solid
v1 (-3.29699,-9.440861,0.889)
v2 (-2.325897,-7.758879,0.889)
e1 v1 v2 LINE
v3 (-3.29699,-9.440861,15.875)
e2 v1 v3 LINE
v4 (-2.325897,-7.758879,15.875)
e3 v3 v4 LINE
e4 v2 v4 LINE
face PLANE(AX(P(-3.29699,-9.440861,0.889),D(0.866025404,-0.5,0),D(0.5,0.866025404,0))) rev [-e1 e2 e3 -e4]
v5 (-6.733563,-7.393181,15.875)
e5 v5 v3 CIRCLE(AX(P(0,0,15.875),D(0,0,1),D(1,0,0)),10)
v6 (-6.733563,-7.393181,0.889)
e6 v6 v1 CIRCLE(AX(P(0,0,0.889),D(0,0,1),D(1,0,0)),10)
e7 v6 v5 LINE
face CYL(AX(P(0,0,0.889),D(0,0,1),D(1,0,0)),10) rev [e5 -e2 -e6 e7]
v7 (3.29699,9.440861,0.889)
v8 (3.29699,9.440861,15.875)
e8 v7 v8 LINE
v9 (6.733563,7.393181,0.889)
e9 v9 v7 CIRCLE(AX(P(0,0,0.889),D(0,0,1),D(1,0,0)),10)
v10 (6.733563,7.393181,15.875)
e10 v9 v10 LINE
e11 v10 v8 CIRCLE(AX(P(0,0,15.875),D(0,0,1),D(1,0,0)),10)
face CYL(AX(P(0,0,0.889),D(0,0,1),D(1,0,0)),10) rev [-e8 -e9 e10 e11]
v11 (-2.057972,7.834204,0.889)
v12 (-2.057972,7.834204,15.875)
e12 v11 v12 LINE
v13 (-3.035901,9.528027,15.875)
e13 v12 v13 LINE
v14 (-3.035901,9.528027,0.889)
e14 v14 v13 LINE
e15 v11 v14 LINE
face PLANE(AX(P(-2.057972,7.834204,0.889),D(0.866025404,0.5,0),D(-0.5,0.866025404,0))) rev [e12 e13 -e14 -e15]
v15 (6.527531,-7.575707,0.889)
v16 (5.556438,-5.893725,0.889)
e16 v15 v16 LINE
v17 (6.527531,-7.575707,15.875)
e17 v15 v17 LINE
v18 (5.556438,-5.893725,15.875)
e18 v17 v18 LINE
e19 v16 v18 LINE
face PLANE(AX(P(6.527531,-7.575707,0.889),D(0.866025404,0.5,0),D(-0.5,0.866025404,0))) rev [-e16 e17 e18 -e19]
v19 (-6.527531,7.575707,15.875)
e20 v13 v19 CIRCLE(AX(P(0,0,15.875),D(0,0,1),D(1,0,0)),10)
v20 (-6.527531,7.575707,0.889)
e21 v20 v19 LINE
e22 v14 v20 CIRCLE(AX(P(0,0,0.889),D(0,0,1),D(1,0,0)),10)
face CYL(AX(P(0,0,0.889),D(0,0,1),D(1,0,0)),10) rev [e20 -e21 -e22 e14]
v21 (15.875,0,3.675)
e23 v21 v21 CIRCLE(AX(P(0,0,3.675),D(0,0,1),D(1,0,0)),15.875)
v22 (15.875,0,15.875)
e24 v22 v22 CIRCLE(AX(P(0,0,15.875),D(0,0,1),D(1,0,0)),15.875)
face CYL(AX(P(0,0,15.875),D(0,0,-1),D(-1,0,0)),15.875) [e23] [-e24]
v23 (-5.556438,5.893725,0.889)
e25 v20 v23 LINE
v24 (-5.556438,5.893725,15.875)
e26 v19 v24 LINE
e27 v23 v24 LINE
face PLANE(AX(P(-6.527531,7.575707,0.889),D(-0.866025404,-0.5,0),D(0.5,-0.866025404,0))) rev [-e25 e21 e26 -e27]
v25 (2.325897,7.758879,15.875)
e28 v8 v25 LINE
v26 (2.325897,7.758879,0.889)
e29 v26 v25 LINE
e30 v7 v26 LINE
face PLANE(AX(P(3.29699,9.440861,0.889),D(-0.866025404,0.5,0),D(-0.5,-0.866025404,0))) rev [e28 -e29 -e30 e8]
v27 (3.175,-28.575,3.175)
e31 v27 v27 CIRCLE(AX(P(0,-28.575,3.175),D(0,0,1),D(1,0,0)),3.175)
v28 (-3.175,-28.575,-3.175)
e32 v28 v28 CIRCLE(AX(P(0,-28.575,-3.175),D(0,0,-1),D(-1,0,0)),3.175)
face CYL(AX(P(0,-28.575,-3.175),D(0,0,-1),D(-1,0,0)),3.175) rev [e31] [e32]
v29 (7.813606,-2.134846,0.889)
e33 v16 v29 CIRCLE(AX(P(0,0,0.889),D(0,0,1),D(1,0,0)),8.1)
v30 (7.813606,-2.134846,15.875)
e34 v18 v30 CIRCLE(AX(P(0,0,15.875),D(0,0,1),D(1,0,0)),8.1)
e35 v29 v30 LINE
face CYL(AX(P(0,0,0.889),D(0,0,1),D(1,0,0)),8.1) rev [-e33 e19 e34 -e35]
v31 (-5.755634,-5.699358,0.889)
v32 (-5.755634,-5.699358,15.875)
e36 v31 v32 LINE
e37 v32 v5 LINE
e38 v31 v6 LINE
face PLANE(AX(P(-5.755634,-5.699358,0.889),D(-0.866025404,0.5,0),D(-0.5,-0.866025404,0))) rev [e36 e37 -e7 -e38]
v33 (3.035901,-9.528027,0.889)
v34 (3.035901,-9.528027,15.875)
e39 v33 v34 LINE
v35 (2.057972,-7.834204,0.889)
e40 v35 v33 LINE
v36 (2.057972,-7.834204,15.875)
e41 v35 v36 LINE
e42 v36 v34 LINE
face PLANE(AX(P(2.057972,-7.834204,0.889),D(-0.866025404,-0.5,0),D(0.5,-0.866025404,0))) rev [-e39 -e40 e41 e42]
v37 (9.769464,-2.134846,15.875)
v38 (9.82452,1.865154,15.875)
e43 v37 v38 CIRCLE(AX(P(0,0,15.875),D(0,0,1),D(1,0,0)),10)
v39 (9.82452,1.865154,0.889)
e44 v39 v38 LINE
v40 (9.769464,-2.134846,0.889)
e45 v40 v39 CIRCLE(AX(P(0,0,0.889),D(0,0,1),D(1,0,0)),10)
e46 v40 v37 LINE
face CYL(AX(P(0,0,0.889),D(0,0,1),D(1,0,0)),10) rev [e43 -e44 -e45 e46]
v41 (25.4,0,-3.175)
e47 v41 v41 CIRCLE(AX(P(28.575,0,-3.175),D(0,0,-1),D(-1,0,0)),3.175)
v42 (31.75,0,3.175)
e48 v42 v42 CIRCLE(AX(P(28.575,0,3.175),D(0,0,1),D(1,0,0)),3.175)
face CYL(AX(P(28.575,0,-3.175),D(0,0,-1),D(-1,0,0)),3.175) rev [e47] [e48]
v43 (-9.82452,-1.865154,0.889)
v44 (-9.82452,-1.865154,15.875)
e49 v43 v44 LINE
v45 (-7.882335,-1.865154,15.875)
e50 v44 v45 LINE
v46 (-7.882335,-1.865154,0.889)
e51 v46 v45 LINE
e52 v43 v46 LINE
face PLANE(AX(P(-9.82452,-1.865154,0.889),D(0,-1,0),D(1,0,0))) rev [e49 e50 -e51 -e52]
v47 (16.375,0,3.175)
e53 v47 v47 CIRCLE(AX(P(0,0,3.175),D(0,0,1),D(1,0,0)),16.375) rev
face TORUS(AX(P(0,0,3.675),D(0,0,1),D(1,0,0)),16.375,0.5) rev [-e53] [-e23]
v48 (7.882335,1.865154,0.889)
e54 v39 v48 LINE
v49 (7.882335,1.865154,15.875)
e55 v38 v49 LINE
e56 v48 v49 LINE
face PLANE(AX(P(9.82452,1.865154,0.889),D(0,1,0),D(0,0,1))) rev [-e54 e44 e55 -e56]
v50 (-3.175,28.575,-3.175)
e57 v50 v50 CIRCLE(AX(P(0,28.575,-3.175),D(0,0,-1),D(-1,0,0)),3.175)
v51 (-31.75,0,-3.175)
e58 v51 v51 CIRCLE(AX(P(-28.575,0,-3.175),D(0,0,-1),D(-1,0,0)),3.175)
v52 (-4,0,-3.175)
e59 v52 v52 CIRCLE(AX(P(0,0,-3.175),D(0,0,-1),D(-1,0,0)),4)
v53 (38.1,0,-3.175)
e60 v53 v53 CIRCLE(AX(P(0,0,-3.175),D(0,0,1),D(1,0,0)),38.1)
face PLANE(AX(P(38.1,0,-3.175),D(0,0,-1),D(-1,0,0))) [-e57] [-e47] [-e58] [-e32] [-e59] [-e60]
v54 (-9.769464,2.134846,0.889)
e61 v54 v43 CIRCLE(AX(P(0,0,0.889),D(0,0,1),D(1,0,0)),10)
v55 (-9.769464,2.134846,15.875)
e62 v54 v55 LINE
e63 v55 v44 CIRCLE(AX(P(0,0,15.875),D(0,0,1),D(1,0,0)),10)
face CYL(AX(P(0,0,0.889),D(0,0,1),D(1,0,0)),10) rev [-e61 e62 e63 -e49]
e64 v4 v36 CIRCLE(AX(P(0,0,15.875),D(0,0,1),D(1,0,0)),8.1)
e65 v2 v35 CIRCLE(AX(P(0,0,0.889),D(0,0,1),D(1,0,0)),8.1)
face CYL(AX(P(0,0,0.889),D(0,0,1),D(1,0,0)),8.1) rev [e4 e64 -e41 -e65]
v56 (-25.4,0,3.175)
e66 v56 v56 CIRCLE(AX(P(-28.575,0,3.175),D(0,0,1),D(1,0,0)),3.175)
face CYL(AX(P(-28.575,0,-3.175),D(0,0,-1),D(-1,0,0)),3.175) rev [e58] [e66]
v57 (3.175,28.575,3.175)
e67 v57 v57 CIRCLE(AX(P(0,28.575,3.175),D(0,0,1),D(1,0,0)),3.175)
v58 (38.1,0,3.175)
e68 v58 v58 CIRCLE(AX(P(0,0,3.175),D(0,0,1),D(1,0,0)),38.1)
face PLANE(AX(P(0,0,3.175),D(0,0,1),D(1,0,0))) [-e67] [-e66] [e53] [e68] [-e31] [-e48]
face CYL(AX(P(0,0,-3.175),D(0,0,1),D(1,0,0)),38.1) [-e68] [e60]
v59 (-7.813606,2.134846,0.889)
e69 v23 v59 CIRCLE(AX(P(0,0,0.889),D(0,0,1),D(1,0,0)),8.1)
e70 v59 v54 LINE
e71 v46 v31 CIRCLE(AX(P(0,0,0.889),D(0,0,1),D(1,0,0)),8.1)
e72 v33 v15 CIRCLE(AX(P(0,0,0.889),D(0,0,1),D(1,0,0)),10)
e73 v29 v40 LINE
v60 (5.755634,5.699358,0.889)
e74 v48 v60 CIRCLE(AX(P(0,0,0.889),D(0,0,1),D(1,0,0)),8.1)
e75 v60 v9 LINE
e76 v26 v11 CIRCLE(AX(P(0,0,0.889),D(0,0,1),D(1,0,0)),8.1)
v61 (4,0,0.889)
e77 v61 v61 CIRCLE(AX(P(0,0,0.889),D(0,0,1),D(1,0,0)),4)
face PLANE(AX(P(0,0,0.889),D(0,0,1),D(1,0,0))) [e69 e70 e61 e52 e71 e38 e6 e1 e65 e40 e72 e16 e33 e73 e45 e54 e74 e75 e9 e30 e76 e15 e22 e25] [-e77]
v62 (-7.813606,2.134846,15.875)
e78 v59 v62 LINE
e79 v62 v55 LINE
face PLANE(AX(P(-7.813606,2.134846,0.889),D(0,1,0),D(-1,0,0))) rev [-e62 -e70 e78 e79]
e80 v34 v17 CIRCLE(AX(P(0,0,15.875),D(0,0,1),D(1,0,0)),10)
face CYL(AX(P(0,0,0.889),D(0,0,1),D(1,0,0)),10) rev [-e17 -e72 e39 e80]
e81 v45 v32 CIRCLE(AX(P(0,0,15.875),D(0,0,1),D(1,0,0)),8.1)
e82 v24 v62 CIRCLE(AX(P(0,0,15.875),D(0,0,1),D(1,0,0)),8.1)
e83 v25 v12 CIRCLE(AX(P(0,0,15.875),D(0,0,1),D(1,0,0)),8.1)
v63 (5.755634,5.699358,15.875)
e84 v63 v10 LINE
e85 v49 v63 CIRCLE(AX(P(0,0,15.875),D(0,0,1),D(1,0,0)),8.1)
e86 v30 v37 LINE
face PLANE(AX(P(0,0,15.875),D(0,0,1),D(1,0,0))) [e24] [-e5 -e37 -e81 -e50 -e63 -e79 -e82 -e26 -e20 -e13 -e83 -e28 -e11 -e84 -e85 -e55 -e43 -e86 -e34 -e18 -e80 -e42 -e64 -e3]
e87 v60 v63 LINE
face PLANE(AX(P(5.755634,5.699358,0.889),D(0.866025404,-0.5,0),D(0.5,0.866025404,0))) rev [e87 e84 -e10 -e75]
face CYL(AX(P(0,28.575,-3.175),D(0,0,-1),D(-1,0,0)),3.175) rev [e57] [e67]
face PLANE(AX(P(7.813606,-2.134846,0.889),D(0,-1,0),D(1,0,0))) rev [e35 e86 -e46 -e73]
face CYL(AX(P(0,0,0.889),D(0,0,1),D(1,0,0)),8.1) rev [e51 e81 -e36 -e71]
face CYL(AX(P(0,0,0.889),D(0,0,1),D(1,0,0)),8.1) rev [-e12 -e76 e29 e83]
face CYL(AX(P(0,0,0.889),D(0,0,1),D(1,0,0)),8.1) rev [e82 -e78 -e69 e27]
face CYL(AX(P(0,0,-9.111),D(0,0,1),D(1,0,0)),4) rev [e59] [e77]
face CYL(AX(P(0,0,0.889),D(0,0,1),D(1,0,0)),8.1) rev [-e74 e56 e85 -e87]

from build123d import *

# Parameters (mm, degrees)
SKETCH1_W           = 38.1
SKETCH1_H           = 6.35
SKETCH2_R           = 15.875
BOSS_EXTRUDE1_DEPTH = 12.7
CUT_EXTRUDE1_DEPTH  = 14.986
HOLE1_D             = 6.35
SKETCH10_R          = 4
CUT_EXTRUDE3_DEPTH  = 10
FILLET2_R           = 0.5


with BuildPart() as part:
    # Sketch1 → Revolve1 (revolve)
    with BuildSketch(Plane(origin=(0, 0, 0), x_dir=(1, 0, 0), z_dir=(0, 1, 0))):
        with Locations((19.05, 0)):
            Rectangle(SKETCH1_W, SKETCH1_H)
    revolve(axis=Axis((0, 0, -3.175), (0, 0, 1)))

    # Sketch2 → Boss-Extrude1 (add)
    with BuildSketch(Plane.XY.offset(3.175)):
        Circle(SKETCH2_R)
    extrude(amount=BOSS_EXTRUDE1_DEPTH)

    # Sketch3 → Cut-Extrude1 (cut)
    with BuildSketch(Plane.XY.offset(15.875)):
        with BuildLine():
            Line((-7.813605563, 2.134846154), (-9.769464259, 2.134846154))
            ThreePointArc((-9.769464259, 2.134846154), (-9.999052891, 0.137627323), (-9.824520402, -1.865153846))
            Line((-9.824520402, -1.865153846), (-7.882334751, -1.865153846))
            ThreePointArc((-7.882334751, -1.865153846), (-7.083348537, -3.928889601), (-5.755633784, -5.699357836))
            Line((-5.755633784, -5.699357836), (-6.733563132, -7.393181152))
            ThreePointArc((-6.733563132, -7.393181152), (-5.118715203, -8.590620156), (-3.296989588, -9.440861171))
            Line((-3.296989588, -9.440861171), (-2.325896763, -7.758879059))
            ThreePointArc((-2.325896763, -7.758879059), (-0.139156065, -8.098804578), (2.057971779, -7.83420399))
            Line((2.057971779, -7.83420399), (3.035901127, -9.528027306))
            ThreePointArc((3.035901127, -9.528027306), (4.880337688, -8.728247479), (6.527530814, -7.575707325))
            Line((6.527530814, -7.575707325), (5.556437988, -5.893725213))
            ThreePointArc((5.556437988, -5.893725213), (6.944192472, -4.169914977), (7.813605563, -2.134846154))
            Line((7.813605563, -2.134846154), (9.769464259, -2.134846154))
            ThreePointArc((9.769464259, -2.134846154), (9.999052891, -0.137627323), (9.824520402, 1.865153846))
            Line((9.824520402, 1.865153846), (7.882334751, 1.865153846))
            ThreePointArc((7.882334751, 1.865153846), (7.083348537, 3.928889601), (5.755633784, 5.699357836))
            Line((5.755633784, 5.699357836), (6.733563132, 7.393181152))
            ThreePointArc((6.733563132, 7.393181152), (5.118715203, 8.590620156), (3.296989588, 9.440861171))
            Line((3.296989588, 9.440861171), (2.325896763, 7.758879059))
            ThreePointArc((2.325896763, 7.758879059), (0.139156065, 8.098804578), (-2.057971779, 7.83420399))
            Line((-2.057971779, 7.83420399), (-3.035901127, 9.528027306))
            ThreePointArc((-3.035901127, 9.528027306), (-4.880337688, 8.728247479), (-6.527530814, 7.575707325))
            Line((-6.527530814, 7.575707325), (-5.556437988, 5.893725213))
            ThreePointArc((-5.556437988, 5.893725213), (-6.944192472, 4.169914977), (-7.813605563, 2.134846154))
        make_face()
    extrude(amount=-CUT_EXTRUDE1_DEPTH, mode=Mode.SUBTRACT)

    # Hole1 (through all)
    with Locations(Plane(origin=(0, 0, -3.175), x_dir=(-1, 0, 0), z_dir=(0, 0, -1))):
        with Locations((0, 28.575), (-28.575, 0), (28.575, 0), (0, -28.575)):
            Hole(HOLE1_D / 2)

    # Sketch10 → Cut-Extrude3 (cut)
    with BuildSketch(Plane.XY.offset(0.889)):
        Circle(SKETCH10_R)
    extrude(amount=-CUT_EXTRUDE3_DEPTH, mode=Mode.SUBTRACT)

    # Fillet2
    fillet2_edges = [part.edges().sort_by_distance(p)[0] for p in [
        (-15.875, 0, 3.175),
    ]]
    fillet(fillet2_edges, radius=FILLET2_R)


solid = part.part
